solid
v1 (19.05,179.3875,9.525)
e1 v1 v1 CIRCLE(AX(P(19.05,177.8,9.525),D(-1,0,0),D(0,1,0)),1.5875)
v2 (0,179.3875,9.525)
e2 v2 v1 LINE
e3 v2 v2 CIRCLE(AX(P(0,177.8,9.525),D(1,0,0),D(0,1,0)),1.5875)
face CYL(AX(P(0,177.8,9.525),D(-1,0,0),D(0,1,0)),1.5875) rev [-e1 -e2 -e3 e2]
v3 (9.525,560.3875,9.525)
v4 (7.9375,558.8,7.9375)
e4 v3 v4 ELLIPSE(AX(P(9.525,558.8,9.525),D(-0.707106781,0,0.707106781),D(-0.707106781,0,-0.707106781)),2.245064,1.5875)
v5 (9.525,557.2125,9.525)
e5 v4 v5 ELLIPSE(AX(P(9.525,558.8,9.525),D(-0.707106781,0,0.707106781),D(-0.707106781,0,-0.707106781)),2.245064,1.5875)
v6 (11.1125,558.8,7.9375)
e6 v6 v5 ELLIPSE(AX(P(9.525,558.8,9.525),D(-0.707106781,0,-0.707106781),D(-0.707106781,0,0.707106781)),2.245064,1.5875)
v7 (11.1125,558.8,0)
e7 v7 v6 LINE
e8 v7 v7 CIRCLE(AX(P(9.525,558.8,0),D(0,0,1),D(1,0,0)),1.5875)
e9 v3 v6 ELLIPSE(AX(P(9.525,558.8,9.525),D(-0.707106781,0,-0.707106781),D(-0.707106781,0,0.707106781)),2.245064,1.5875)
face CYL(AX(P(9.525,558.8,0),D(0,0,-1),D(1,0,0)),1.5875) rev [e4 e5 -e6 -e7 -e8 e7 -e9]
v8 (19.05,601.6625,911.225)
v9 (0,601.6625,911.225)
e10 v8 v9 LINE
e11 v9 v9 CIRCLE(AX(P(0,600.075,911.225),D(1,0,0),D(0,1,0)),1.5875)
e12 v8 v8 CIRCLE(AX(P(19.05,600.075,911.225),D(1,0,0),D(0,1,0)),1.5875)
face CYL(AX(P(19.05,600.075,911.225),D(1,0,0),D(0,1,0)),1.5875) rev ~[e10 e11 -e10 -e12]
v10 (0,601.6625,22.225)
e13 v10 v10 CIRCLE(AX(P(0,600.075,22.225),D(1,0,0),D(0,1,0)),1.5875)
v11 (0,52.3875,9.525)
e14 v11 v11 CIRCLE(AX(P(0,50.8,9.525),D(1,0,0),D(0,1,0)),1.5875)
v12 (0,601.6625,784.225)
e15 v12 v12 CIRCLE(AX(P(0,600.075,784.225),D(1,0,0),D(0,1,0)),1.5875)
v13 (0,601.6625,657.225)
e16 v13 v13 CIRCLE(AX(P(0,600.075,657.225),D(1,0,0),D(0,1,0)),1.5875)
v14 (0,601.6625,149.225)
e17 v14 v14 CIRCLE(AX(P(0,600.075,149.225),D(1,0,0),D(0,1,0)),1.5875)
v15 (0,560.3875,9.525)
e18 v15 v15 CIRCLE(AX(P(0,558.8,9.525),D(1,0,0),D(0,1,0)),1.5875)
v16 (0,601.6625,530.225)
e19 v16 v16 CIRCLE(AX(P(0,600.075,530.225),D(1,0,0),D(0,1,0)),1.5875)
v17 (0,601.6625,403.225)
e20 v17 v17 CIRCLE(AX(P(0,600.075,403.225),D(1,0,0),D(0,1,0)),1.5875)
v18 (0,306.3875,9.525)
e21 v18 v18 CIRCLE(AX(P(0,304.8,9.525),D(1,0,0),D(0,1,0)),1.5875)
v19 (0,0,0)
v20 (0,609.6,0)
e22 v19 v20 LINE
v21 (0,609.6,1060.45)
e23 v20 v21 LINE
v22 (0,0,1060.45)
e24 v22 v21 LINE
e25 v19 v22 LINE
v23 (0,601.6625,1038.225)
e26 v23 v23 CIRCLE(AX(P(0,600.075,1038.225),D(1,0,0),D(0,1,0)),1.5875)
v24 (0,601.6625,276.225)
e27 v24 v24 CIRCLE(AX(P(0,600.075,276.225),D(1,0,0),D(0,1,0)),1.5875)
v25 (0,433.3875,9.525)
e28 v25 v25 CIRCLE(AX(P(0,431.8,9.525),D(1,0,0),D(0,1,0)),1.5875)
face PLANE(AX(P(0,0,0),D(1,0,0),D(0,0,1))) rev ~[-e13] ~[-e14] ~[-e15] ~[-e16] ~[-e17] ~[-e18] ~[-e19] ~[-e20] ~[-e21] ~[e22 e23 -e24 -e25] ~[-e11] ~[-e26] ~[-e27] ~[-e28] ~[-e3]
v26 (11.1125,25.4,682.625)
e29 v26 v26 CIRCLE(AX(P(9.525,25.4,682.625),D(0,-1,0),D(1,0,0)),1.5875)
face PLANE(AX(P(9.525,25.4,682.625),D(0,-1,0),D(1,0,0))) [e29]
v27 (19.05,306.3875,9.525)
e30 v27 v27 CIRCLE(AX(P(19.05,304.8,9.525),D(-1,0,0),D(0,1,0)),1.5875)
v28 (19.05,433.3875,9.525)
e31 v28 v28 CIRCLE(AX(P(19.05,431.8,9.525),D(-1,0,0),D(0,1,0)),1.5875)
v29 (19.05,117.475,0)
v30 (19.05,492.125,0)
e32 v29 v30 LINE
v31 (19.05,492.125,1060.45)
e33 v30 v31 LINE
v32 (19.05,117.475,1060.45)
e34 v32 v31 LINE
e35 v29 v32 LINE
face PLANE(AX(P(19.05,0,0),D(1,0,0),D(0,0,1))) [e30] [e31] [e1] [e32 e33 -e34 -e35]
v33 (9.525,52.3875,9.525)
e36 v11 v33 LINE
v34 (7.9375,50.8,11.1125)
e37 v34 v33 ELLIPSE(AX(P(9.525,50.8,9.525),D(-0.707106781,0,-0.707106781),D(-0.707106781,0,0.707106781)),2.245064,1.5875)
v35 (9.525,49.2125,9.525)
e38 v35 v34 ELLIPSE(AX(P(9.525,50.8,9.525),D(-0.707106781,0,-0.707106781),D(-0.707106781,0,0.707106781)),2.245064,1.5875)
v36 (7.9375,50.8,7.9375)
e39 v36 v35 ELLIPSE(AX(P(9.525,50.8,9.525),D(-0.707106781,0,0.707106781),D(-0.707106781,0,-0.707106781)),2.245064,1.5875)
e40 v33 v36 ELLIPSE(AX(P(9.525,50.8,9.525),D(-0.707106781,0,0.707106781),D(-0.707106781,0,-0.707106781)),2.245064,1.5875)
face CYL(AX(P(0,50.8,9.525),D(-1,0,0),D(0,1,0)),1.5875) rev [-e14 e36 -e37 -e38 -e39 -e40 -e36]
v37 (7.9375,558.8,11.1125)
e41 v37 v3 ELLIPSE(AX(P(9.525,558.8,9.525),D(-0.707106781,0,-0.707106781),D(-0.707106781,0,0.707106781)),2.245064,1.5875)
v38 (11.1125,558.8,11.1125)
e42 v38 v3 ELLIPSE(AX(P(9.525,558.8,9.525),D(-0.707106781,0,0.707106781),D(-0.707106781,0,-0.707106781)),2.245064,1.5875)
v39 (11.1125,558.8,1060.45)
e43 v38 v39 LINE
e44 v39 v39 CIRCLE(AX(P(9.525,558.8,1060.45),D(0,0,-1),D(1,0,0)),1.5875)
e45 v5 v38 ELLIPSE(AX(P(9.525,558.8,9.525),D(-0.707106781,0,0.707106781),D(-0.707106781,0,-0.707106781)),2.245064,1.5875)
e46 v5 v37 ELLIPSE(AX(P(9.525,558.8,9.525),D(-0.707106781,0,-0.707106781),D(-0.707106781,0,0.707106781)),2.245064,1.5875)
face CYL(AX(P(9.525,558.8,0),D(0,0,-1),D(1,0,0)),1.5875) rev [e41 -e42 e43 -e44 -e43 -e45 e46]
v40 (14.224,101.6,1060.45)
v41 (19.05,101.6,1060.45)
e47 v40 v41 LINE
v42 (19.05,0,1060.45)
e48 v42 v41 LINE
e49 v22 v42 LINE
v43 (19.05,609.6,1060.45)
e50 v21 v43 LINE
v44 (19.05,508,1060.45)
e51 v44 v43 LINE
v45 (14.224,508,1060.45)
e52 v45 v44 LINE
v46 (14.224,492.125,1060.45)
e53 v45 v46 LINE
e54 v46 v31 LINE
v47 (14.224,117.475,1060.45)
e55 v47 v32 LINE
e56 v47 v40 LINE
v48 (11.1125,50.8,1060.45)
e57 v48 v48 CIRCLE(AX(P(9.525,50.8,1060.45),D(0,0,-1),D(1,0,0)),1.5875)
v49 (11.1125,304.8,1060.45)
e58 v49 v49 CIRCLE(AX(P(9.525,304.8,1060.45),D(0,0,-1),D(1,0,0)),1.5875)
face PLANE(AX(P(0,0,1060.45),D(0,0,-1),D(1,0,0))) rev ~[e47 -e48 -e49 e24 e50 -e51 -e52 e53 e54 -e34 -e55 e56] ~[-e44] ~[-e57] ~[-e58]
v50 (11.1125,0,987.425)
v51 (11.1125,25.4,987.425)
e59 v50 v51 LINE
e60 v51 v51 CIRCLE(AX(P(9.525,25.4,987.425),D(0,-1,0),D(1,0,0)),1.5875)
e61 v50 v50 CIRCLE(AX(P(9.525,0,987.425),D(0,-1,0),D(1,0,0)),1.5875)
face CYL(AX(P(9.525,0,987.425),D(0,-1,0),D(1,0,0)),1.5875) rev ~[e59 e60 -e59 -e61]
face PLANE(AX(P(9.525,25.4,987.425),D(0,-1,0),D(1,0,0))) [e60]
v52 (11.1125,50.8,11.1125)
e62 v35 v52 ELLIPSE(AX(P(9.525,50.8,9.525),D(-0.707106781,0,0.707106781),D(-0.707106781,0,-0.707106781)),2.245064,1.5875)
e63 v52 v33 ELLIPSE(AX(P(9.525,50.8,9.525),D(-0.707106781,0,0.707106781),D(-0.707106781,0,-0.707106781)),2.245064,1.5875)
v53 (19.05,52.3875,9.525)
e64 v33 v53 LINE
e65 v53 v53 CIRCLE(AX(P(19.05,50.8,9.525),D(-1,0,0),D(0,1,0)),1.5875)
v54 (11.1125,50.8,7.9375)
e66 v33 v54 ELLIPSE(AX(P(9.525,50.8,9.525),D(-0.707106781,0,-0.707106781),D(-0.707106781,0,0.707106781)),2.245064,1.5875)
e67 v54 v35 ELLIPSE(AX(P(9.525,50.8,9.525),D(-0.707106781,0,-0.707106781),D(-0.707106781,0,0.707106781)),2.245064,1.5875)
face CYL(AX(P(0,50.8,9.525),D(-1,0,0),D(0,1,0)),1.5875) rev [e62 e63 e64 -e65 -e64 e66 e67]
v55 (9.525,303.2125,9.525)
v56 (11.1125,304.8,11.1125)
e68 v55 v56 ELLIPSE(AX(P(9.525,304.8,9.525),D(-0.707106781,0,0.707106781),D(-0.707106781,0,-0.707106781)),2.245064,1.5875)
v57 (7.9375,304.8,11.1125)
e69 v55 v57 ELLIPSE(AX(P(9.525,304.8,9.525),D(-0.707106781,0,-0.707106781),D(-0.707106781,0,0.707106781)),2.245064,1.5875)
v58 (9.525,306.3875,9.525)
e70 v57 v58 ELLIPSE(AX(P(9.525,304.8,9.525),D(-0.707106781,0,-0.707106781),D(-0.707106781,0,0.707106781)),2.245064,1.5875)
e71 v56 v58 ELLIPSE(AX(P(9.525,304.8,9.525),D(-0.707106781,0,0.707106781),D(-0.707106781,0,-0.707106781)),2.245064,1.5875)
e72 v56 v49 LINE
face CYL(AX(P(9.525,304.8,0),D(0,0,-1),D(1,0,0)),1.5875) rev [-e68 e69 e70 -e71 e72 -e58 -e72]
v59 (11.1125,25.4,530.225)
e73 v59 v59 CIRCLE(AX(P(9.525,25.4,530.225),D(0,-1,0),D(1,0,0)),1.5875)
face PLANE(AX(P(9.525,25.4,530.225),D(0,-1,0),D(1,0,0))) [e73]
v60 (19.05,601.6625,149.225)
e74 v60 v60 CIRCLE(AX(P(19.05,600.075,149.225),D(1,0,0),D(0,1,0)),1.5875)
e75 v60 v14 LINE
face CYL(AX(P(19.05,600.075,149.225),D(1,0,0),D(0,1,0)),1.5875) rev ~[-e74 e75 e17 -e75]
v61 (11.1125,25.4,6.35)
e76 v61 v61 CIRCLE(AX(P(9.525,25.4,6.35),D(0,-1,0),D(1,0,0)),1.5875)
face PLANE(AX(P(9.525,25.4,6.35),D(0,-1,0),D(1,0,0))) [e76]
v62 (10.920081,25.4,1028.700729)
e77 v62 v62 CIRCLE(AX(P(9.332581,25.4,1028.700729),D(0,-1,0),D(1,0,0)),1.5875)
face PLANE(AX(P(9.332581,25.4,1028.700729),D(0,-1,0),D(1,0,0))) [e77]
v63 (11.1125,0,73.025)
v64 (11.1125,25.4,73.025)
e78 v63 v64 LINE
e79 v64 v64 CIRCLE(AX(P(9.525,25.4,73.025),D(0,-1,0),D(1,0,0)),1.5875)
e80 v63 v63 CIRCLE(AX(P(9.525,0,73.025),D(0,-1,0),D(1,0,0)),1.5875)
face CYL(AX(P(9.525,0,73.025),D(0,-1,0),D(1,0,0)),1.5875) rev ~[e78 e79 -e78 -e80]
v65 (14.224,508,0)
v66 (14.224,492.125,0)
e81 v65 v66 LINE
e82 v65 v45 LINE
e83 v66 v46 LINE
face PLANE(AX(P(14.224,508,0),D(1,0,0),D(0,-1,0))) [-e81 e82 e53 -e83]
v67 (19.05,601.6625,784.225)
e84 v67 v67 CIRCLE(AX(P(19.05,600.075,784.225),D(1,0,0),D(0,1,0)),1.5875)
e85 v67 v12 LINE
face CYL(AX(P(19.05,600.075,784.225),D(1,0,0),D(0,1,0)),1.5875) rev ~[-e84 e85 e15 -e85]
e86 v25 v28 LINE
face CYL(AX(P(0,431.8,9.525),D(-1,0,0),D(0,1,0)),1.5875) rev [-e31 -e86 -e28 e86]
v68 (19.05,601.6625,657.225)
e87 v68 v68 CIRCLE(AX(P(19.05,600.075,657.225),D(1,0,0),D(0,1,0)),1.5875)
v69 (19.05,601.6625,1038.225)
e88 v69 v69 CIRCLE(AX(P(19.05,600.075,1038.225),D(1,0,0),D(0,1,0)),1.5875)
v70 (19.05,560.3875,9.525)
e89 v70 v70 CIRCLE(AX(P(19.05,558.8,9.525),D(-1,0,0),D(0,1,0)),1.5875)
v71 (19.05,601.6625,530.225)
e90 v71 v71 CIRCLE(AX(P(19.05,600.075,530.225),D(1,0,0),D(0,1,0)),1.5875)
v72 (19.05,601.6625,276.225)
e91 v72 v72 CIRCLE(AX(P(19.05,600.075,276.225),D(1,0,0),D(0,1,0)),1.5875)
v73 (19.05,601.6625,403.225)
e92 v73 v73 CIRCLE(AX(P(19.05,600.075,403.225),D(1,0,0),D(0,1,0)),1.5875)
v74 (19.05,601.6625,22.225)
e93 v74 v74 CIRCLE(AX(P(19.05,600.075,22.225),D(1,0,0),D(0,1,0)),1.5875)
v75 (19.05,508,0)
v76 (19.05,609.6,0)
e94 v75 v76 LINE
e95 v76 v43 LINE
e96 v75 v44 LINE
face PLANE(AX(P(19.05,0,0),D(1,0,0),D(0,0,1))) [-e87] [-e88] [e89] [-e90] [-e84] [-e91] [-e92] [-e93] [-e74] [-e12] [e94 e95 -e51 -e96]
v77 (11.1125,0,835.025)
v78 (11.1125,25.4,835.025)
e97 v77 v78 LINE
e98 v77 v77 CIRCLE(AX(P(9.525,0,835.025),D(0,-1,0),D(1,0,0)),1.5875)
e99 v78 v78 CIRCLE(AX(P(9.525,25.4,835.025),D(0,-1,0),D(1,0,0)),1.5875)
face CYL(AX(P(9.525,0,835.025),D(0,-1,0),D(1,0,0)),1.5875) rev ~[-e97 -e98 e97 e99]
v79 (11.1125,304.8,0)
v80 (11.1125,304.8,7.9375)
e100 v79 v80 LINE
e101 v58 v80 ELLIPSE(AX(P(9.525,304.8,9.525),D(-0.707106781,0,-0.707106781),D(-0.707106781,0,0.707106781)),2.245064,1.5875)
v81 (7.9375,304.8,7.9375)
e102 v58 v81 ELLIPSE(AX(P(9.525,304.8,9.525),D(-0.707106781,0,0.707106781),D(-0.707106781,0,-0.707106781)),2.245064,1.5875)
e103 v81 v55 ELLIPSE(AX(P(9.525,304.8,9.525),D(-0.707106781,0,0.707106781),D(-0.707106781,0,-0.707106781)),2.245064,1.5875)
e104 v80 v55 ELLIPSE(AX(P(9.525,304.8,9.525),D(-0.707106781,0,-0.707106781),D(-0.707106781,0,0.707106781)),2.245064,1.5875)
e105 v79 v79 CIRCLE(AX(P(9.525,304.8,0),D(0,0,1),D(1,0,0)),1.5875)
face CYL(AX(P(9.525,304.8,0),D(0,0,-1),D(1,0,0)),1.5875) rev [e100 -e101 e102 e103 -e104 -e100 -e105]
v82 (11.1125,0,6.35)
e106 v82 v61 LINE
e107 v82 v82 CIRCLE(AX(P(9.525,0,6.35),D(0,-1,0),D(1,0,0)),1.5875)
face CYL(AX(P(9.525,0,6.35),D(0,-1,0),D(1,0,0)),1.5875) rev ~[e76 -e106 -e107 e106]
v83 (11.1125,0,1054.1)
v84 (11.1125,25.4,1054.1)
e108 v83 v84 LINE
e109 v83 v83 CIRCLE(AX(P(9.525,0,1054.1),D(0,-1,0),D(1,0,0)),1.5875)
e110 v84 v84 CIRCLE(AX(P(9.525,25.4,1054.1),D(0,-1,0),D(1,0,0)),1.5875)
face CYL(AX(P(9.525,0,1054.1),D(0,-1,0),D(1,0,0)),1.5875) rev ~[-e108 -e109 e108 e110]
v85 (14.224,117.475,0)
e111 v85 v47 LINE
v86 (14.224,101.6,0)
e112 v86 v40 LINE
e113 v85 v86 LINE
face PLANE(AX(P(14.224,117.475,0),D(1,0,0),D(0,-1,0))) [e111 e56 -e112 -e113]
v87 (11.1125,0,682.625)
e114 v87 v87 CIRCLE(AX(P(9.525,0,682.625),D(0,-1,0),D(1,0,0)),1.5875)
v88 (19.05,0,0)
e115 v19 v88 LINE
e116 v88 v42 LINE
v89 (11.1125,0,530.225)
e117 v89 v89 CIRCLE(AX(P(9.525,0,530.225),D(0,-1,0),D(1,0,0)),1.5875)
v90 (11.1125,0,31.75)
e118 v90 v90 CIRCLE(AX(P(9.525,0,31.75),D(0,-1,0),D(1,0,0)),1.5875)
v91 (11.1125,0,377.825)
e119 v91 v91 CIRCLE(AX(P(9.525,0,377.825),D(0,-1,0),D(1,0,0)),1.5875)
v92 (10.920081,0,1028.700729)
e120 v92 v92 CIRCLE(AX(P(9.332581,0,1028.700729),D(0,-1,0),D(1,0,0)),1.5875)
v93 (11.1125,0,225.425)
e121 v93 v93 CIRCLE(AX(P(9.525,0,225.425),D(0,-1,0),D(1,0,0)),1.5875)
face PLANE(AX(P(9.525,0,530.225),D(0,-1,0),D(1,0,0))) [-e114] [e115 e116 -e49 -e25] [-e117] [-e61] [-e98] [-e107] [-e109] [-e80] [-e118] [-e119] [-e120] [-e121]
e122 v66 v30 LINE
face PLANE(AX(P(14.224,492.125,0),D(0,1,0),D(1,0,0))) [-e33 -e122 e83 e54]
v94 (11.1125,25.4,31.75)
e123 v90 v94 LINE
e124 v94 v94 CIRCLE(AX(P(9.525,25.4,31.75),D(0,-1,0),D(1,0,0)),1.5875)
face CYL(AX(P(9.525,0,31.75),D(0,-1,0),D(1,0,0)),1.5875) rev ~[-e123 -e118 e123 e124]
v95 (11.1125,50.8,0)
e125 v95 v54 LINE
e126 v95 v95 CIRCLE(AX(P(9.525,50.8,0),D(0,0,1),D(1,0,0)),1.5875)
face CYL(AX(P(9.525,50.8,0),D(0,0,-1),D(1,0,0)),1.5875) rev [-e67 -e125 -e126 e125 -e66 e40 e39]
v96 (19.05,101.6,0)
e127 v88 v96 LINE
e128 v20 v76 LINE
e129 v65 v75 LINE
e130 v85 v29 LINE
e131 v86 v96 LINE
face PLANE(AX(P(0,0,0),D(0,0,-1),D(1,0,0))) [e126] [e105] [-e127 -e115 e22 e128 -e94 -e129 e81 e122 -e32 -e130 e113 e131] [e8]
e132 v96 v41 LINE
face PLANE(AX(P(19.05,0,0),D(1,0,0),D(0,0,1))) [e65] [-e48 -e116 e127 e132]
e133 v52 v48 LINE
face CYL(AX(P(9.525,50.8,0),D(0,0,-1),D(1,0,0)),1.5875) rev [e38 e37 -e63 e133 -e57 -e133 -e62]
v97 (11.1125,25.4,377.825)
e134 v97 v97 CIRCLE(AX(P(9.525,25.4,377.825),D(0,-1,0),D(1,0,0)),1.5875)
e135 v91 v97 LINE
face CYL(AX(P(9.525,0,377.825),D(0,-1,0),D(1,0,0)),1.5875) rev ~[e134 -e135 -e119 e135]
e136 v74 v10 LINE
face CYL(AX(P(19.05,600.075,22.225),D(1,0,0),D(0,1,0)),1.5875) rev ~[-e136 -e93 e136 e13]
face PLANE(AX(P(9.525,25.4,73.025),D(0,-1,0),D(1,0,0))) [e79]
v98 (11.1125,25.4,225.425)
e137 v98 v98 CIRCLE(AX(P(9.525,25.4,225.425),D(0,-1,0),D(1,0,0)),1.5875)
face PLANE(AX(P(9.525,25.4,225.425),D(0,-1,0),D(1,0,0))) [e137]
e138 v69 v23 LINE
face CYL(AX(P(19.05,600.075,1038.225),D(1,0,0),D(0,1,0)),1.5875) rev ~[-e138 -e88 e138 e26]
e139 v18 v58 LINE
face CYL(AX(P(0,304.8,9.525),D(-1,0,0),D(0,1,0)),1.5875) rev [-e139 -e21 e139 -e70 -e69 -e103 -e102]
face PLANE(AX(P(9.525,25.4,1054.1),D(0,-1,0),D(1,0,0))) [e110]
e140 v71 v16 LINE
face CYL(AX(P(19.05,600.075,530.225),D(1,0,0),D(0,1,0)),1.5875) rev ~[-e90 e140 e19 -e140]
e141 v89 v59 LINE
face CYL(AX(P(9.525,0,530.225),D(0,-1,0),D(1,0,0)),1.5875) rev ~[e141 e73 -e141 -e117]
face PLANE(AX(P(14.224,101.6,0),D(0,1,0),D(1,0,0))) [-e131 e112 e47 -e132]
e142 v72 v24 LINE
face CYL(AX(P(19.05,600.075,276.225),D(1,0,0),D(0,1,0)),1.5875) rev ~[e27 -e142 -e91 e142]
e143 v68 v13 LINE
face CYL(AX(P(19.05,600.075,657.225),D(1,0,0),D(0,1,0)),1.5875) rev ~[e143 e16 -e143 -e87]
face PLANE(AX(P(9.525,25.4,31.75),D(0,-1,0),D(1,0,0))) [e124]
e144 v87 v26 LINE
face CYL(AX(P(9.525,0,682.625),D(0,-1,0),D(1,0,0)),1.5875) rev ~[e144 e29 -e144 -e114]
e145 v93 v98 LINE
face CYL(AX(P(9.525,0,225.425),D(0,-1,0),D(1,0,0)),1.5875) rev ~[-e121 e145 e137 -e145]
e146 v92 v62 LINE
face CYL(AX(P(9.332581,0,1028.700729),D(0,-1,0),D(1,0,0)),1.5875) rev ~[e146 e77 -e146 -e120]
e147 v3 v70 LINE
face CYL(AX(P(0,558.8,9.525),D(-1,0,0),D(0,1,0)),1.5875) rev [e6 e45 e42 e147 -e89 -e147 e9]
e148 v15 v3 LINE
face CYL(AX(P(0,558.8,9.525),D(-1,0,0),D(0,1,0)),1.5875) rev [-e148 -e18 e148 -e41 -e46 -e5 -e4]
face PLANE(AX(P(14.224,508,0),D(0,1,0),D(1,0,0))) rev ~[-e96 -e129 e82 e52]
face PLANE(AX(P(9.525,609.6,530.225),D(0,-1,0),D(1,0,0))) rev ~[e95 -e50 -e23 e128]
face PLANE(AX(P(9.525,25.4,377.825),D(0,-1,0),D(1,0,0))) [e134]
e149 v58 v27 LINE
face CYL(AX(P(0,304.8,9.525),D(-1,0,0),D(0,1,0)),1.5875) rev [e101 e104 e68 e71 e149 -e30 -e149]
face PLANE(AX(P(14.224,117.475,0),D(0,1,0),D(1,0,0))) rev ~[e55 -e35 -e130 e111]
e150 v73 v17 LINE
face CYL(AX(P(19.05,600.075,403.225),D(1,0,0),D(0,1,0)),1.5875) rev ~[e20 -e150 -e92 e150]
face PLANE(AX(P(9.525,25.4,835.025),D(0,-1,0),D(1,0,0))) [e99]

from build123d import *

# Parameters (mm, degrees)
F0_W      = 19.05
F0_H      = 1060.45
F1_DEPTH  = 609.6
F2_R      = 1.5875
F3_DEPTH  = 19.051
F4_R      = 1.5875
F5_DEPTH  = 25.4
F6_R      = 1.5875
F7_DEPTH  = 25.4
F8_R      = 1.5875
F9_DEPTH  = 25.4
F10_R     = 1.5875
F11_DEPTH = 19.051
F12_W     = 4.826
F12_H     = 15.875
F13_DEPTH = 1060.451
F14_W     = 4.826
F14_H     = 15.875
F15_DEPTH = 1060.451
F16_R     = 1.5875
F17_DEPTH = 1060.451


with BuildPart() as f1:
    # F0 (on Front) → F1 (new body)
    with BuildSketch(Plane.XZ):
        with Locations((9.525, 530.225)):
            Rectangle(F0_W, F0_H)
    extrude(amount=-F1_DEPTH)

    # F2 (on Right) → F3 (cut, through all)
    with BuildSketch(Plane.YZ):
        with Locations((50.8, 9.525)):
            Circle(F2_R)
        with Locations((177.8, 9.525)):
            Circle(F2_R)
        with Locations((304.8, 9.525)):
            Circle(F2_R)
        with Locations((431.8, 9.525)):
            Circle(F2_R)
        with Locations((558.8, 9.525)):
            Circle(F2_R)
    extrude(amount=F3_DEPTH, mode=Mode.SUBTRACT)

    # F4 (on Front) → F5 (cut)
    with BuildSketch(Plane.XZ):
        with Locations((9.525, 1054.1)):
            Circle(F4_R)
        with Locations((9.332581, 1028.700729)):
            Circle(F4_R)
    extrude(amount=-F5_DEPTH, mode=Mode.SUBTRACT)

    # F6 (on Front) → F7 (cut)
    with BuildSketch(Plane.XZ):
        with Locations((9.525, 6.35)):
            Circle(F6_R)
        with Locations((9.525, 31.75)):
            Circle(F6_R)
    extrude(amount=-F7_DEPTH, mode=Mode.SUBTRACT)

    # F8 (on Front) → F9 (cut)
    with BuildSketch(Plane.XZ):
        with Locations((9.525, 987.425)):
            Circle(F8_R)
        with Locations((9.525, 835.025)):
            Circle(F8_R)
        with Locations((9.525, 682.625)):
            Circle(F8_R)
        with Locations((9.525, 530.225)):
            Circle(F8_R)
        with Locations((9.525, 377.825)):
            Circle(F8_R)
        with Locations((9.525, 225.425)):
            Circle(F8_R)
        with Locations((9.525, 73.025)):
            Circle(F8_R)
    extrude(amount=-F9_DEPTH, mode=Mode.SUBTRACT)

    # F10 (on face) → F11 (cut, through all)
    with BuildSketch(Plane.YZ.offset(19.05)):
        with Locations((600.075, 1038.225)):
            Circle(F10_R)
        with Locations((600.075, 911.225)):
            Circle(F10_R)
        with Locations((600.075, 784.225)):
            Circle(F10_R)
        with Locations((600.075, 657.225)):
            Circle(F10_R)
        with Locations((600.075, 530.225)):
            Circle(F10_R)
        with Locations((600.075, 403.225)):
            Circle(F10_R)
        with Locations((600.075, 276.225)):
            Circle(F10_R)
        with Locations((600.075, 149.225)):
            Circle(F10_R)
        with Locations((600.075, 22.225)):
            Circle(F10_R)
    extrude(amount=-F11_DEPTH, mode=Mode.SUBTRACT)

    # F12 (on face) → F13 (cut, through all)
    with BuildSketch(Plane(origin=(0, 0, 0), x_dir=(1, 0, 0), z_dir=(0, 0, -1))):
        with Locations((16.637, -109.5375)):
            Rectangle(F12_W, F12_H)
    extrude(amount=-F13_DEPTH, mode=Mode.SUBTRACT)

    # F14 (on face) → F15 (cut, through all)
    with BuildSketch(Plane(origin=(0, 0, 0), x_dir=(1, 0, 0), z_dir=(0, 0, -1))):
        with Locations((16.637, -500.0625)):
            Rectangle(F14_W, F14_H)
    extrude(amount=-F15_DEPTH, mode=Mode.SUBTRACT)

    # F16 (on Top) → F17 (cut, through all)
    with BuildSketch(Plane.XY):
        with Locations((9.525, 50.8)):
            Circle(F16_R)
        with Locations((9.525, 304.8)):
            Circle(F16_R)
        with Locations((9.525, 558.8)):
            Circle(F16_R)
    extrude(amount=F17_DEPTH, mode=Mode.SUBTRACT)


solid = f1.part
